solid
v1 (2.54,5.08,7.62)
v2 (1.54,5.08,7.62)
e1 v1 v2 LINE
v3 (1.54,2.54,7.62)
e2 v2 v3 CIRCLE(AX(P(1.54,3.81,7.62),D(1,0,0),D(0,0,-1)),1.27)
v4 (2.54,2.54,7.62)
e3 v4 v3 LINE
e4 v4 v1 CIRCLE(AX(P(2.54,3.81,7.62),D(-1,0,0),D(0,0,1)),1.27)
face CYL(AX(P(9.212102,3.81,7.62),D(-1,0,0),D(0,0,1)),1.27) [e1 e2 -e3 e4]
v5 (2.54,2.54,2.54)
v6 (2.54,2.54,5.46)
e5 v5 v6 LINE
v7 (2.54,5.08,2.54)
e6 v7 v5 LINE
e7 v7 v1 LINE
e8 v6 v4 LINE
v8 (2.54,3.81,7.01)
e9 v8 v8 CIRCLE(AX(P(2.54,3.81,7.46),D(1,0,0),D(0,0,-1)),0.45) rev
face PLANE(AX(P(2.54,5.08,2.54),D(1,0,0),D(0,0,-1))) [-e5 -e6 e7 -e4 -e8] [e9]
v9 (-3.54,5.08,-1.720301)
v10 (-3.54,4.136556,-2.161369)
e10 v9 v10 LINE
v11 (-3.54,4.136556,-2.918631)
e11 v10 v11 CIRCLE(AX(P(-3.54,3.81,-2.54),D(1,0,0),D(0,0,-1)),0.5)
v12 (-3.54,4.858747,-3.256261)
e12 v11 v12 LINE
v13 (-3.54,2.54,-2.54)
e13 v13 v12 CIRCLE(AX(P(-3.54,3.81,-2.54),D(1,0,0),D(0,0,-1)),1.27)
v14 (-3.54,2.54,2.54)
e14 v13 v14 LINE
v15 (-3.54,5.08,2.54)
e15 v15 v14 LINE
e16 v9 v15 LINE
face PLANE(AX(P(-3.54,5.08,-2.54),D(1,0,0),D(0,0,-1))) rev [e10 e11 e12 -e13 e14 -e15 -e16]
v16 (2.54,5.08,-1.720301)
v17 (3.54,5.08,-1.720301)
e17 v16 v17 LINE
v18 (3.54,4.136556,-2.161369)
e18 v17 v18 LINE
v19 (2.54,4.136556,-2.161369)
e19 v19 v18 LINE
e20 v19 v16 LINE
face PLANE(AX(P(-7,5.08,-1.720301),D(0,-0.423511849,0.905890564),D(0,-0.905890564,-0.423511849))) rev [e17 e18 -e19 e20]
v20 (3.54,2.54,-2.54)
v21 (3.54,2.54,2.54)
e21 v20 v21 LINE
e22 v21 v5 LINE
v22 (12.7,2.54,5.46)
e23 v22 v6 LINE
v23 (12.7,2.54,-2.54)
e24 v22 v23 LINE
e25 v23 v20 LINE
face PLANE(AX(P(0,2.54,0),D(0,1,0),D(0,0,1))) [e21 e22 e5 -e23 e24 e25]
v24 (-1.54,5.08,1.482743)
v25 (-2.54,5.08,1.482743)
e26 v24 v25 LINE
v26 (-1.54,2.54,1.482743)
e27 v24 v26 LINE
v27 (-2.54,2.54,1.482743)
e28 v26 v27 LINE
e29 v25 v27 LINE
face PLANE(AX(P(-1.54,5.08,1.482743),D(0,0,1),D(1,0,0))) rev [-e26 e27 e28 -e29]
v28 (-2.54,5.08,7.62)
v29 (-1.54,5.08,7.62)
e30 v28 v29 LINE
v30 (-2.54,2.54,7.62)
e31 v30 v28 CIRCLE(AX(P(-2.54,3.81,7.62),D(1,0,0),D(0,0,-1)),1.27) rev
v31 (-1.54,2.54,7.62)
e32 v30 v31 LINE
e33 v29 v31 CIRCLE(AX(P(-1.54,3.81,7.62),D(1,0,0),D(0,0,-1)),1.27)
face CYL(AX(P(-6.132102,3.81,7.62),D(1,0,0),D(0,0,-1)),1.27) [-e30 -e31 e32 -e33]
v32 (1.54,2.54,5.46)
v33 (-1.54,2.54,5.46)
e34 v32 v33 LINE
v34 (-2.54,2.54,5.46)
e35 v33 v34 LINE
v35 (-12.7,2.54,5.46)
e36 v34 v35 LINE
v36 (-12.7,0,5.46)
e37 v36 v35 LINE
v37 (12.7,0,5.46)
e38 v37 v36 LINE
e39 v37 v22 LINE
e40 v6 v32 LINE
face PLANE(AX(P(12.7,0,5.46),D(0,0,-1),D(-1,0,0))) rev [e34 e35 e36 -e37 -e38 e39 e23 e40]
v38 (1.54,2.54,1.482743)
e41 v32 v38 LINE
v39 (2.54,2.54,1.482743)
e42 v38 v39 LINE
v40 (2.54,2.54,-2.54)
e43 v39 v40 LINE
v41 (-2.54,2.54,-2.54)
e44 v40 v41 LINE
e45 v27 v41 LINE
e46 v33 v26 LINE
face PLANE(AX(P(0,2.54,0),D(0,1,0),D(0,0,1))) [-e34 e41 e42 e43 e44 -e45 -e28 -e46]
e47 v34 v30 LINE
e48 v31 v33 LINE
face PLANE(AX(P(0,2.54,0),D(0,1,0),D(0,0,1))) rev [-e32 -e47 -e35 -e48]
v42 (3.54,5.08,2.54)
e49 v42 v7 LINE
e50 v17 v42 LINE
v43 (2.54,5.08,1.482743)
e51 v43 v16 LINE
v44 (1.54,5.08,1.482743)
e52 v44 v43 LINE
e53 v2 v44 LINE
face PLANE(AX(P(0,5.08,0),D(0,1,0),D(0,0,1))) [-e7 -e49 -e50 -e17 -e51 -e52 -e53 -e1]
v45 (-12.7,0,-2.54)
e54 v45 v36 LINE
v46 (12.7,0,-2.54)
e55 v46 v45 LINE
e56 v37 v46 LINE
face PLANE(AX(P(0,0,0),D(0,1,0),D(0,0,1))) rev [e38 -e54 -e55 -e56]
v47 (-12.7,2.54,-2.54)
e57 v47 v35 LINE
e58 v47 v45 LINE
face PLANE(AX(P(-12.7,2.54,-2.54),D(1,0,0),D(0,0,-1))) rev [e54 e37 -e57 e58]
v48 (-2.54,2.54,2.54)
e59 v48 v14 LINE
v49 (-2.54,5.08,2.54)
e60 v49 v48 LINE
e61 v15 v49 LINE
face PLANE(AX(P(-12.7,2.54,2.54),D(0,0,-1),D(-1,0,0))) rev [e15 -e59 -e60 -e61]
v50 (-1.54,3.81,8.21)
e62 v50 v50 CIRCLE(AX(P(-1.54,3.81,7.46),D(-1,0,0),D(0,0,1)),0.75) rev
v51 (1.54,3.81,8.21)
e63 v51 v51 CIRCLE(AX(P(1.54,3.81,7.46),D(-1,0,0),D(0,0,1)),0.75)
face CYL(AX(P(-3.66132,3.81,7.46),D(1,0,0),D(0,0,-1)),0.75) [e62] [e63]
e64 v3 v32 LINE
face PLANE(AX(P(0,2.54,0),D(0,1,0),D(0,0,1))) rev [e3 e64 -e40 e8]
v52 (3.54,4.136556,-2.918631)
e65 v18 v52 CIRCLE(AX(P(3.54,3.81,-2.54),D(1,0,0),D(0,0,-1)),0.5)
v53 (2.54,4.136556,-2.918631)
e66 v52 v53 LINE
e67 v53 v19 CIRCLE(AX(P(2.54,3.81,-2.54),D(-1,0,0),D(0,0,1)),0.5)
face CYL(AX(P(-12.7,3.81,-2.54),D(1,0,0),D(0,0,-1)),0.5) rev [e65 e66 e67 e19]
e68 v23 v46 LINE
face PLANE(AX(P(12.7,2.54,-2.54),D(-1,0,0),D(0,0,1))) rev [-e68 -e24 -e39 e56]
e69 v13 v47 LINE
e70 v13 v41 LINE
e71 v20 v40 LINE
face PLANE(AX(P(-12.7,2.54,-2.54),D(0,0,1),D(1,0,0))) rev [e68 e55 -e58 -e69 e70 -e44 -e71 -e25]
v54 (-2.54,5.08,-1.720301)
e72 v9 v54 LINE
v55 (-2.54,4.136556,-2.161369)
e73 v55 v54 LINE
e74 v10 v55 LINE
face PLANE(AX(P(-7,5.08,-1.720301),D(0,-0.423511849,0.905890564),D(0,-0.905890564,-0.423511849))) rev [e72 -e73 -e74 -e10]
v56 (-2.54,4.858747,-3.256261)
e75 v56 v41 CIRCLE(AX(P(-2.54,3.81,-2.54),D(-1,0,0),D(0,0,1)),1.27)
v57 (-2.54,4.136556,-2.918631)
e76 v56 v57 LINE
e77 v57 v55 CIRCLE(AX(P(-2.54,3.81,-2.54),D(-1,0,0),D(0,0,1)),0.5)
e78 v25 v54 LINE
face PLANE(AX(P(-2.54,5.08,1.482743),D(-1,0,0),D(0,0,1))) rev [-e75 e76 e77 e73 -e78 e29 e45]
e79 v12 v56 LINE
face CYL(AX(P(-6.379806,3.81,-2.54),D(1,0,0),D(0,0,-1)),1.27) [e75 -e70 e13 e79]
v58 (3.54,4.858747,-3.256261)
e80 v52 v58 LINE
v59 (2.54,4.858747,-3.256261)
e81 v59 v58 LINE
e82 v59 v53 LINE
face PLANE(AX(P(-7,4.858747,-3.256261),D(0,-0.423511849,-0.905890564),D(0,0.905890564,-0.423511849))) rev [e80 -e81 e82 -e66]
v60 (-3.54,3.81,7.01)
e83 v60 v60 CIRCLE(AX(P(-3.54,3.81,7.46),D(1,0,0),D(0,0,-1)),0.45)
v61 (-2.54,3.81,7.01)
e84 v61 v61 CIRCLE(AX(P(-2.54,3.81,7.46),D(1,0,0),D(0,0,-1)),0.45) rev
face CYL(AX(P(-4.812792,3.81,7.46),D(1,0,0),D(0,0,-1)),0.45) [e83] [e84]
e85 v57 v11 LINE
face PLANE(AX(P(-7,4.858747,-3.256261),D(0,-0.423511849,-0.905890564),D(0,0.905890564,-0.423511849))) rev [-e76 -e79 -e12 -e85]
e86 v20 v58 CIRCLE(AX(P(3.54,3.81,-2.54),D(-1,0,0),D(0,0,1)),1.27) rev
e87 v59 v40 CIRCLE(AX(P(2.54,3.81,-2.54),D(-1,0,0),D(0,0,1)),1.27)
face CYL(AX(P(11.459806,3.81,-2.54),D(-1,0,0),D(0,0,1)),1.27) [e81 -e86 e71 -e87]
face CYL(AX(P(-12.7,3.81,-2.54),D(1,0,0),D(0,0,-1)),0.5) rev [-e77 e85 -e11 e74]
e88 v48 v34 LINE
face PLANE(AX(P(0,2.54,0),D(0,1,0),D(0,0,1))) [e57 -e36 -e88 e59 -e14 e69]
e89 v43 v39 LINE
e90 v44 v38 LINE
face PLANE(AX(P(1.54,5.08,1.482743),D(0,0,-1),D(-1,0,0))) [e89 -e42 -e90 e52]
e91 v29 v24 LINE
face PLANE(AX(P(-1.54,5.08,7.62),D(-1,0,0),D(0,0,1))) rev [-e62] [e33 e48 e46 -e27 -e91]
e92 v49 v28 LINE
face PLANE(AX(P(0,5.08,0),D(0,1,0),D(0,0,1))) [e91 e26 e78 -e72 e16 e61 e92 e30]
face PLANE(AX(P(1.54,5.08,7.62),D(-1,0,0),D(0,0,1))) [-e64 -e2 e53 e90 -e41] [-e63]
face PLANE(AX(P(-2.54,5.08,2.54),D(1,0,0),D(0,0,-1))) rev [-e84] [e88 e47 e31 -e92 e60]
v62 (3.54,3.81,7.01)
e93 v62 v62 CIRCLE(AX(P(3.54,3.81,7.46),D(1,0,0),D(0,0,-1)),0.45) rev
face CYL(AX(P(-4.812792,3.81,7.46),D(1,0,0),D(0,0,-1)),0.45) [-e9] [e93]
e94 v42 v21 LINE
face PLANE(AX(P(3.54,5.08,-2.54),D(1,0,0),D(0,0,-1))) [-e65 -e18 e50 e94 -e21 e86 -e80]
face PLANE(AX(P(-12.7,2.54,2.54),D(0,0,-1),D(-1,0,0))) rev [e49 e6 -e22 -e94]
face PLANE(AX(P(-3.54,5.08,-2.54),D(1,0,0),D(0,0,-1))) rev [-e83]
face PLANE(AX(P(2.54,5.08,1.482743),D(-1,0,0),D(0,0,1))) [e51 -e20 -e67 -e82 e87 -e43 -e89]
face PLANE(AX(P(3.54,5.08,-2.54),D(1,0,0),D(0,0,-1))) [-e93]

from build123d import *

# Parameters (mm, degrees)
SKETCH1_W                        = 25.4
SKETCH1_H                        = 5.08
BOSS_EXTRUDE1_DEPTH              = 2.54
BOSS_EXTRUDE5_DEPTH              = 2.54
SKETCH6_R                        = 1.27
BOSS_EXTRUDE6_DEPTH              = 1
BOSS_EXTRUDE7_DEPTH              = 1
SKETCH8_W                        = 25.4
SKETCH8_H                        = 8
BOSS_EXTRUDE8_DEPTH              = 2.54
SKETCH11_R                       = 0.5
CUT_EXTRUDE1_DEPTH               = 17.24
CUT_EXTRUDE2_DEPTH               = 10.54
SKETCH2_W                        = 1
SKETCH2_H                        = 4.46
BOSS_EXTRUDE2_DEPTH              = 2.54
SKETCH13_R                       = 0.75
BOSS_EXTRUDE12_DEPTH             = 3.08
CUT_EXTRUDE3_DEPTH               = 9
BOSS_EXTRUDE13_REACH             = 12.16
SKETCH16_R                       = 0.45
BOSS_EXTRUDE13_DIRECTION_2_REACH = 17.24


with BuildPart() as part:
    # Sketch1 → Boss-Extrude1 (new body)
    with BuildSketch(Plane(origin=(0, 0, 0), x_dir=(1, 0, 0), z_dir=(0, 1, 0))):
        Rectangle(SKETCH1_W, SKETCH1_H)
    extrude(amount=BOSS_EXTRUDE1_DEPTH)

    # Sketch5 → Boss-Extrude5 (add)
    with BuildSketch(Plane(origin=(0, 2.54, 0), x_dir=(1, 0, 0), z_dir=(0, 1, 0))):
        Polygon((-3.54, 2.54), (-3.54, -2.54), (-2.54, -2.54), (-2.54, -7.62), (-1.54, -7.62), (-1.54, -1.482742514), (-2.54, -1.482742514), (-2.54, 2.54), align=None)
    boss_extrude5 = extrude(amount=BOSS_EXTRUDE5_DEPTH)

    # Sketch6 → Boss-Extrude6 (add)
    with BuildSketch(Plane(origin=(-1.54, 0, 0), x_dir=(0, 0, -1), z_dir=(1, 0, 0))):
        with Locations((-7.62, 3.81)):
            Circle(SKETCH6_R)
    boss_extrude6 = extrude(amount=-BOSS_EXTRUDE6_DEPTH)

    # Sketch7 → Boss-Extrude7 (add)
    with BuildSketch(Plane(origin=(-2.54, 0, 0), x_dir=(0, 0, -1), z_dir=(1, 0, 0))):
        with BuildLine():
            Line((2.54, 5.08), (2.54, 2.54))
            ThreePointArc((2.54, 2.54), (3.81, 3.81), (2.54, 5.08))
        make_face()
    boss_extrude7 = extrude(amount=-BOSS_EXTRUDE7_DEPTH)

    # Mirror1: Boss-Extrude5, Boss-Extrude6, Boss-Extrude7 across plane
    add(boss_extrude5.mirror(Plane(origin=(0, 0, 0), x_dir=(0, 0, 1), z_dir=(1, 0, 0))))
    add(boss_extrude6.mirror(Plane(origin=(0, 0, 0), x_dir=(0, 0, 1), z_dir=(1, 0, 0))))
    add(boss_extrude7.mirror(Plane(origin=(0, 0, 0), x_dir=(0, 0, 1), z_dir=(1, 0, 0))))

    # Sketch8 → Boss-Extrude8 (add)
    with BuildSketch(Plane.XZ.offset(-2.54)):
        with Locations((0, 1.46)):
            Rectangle(SKETCH8_W, SKETCH8_H)
    extrude(amount=BOSS_EXTRUDE8_DEPTH)

    # Sketch11 → Cut-Extrude1 (cut, through all)
    with BuildSketch(Plane(origin=(3.54, 0, 0), x_dir=(0, 0, -1), z_dir=(1, 0, 0))):
        with Locations((2.54, 3.81)):
            Circle(SKETCH11_R)
    extrude(amount=-CUT_EXTRUDE1_DEPTH, mode=Mode.SUBTRACT)

    # Sketch12 → Cut-Extrude2 (cut)
    with BuildSketch(Plane(origin=(3.54, 0, 0), x_dir=(0, 0, -1), z_dir=(1, 0, 0))):
        with BuildLine():
            Line((1.923817285, 5.08), (1.72030075, 5.08))
            Line((1.72030075, 5.08), (2.177926741, 4.101139391))
            ThreePointArc((2.177926741, 4.101139391), (2.54, 3.34539351), (2.902073259, 4.101139391))
            Line((2.902073259, 4.101139391), (3.256261376, 4.8587467))
            ThreePointArc((3.256261376, 4.8587467), (2.914827754, 5.023426617), (2.54, 5.08))
            Line((2.54, 5.08), (1.923817285, 5.08))
        make_face()
    extrude(amount=-CUT_EXTRUDE2_DEPTH, mode=Mode.SUBTRACT)

    # Sketch2 → Boss-Extrude2 (add)
    with BuildSketch(Plane(origin=(0, 2.54, 0), x_dir=(1, 0, 0), z_dir=(0, 1, 0))):
        with Locations((-3.04, -0.31)):
            Rectangle(SKETCH2_W, SKETCH2_H)
        with Locations((3.04, -0.31)):
            Rectangle(SKETCH2_W, SKETCH2_H)
    extrude(amount=BOSS_EXTRUDE2_DEPTH)

    # Sketch13 → Boss-Extrude12 (add)
    with BuildSketch(Plane.ZY.offset(-1.54)):
        with Locations((7.46, 3.81)):
            Circle(SKETCH13_R)
    extrude(amount=BOSS_EXTRUDE12_DEPTH)

    # Sketch14 → Cut-Extrude3 (cut)
    with BuildSketch(Plane(origin=(3.54, 0, 0), x_dir=(0, 0, -1), z_dir=(1, 0, 0))):
        Polygon((1.92, 4.652843909), (1.72030075, 5.08), (1.92, 5.08), align=None)
    extrude(amount=-CUT_EXTRUDE3_DEPTH, mode=Mode.SUBTRACT)

    # Boss-Extrude13: up to this face of the body (flat: up to its plane)
    boss_extrude13_end = Plane(part.part.faces().sort_by_distance((-3.54, 3.747341049, -0.245716728))[0])
    # Sketch16 → Boss-Extrude13 (add, up to the picked face)
    with BuildSketch(Plane.ZY.offset(2.54), mode=Mode.PRIVATE) as boss_extrude13_sk1:
        with Locations((7.46, 3.81)):
            Circle(SKETCH16_R)
    boss_extrude13_tool1 = split(extrude(boss_extrude13_sk1.sketch, amount=BOSS_EXTRUDE13_REACH, mode=Mode.PRIVATE), bisect_by=boss_extrude13_end, keep=Keep.BOTH, mode=Mode.PRIVATE)
    add(boss_extrude13_tool1.solids().sort_by_distance((-2.54, 3.81, 7.46))[0])

    # Boss-Extrude13 direction 2: up to this face of the body (flat: up to its plane)
    boss_extrude13_direction_2_end = Plane(part.part.faces().sort_by_distance((3.54, 3.747341049, -0.245716728))[0])
    # Sketch16 → Boss-Extrude13 direction 2 (add, up to the picked face)
    with BuildSketch(Plane.ZY.offset(2.54), mode=Mode.PRIVATE) as boss_extrude13_direction_2_sk1:
        with Locations((7.46, 3.81)):
            Circle(SKETCH16_R)
    boss_extrude13_direction_2_tool1 = split(extrude(boss_extrude13_direction_2_sk1.sketch, amount=-BOSS_EXTRUDE13_DIRECTION_2_REACH, mode=Mode.PRIVATE), bisect_by=boss_extrude13_direction_2_end, keep=Keep.BOTH, mode=Mode.PRIVATE)
    add(boss_extrude13_direction_2_tool1.solids().sort_by_distance((-2.54, 3.81, 7.46))[0])


solid = part.part
